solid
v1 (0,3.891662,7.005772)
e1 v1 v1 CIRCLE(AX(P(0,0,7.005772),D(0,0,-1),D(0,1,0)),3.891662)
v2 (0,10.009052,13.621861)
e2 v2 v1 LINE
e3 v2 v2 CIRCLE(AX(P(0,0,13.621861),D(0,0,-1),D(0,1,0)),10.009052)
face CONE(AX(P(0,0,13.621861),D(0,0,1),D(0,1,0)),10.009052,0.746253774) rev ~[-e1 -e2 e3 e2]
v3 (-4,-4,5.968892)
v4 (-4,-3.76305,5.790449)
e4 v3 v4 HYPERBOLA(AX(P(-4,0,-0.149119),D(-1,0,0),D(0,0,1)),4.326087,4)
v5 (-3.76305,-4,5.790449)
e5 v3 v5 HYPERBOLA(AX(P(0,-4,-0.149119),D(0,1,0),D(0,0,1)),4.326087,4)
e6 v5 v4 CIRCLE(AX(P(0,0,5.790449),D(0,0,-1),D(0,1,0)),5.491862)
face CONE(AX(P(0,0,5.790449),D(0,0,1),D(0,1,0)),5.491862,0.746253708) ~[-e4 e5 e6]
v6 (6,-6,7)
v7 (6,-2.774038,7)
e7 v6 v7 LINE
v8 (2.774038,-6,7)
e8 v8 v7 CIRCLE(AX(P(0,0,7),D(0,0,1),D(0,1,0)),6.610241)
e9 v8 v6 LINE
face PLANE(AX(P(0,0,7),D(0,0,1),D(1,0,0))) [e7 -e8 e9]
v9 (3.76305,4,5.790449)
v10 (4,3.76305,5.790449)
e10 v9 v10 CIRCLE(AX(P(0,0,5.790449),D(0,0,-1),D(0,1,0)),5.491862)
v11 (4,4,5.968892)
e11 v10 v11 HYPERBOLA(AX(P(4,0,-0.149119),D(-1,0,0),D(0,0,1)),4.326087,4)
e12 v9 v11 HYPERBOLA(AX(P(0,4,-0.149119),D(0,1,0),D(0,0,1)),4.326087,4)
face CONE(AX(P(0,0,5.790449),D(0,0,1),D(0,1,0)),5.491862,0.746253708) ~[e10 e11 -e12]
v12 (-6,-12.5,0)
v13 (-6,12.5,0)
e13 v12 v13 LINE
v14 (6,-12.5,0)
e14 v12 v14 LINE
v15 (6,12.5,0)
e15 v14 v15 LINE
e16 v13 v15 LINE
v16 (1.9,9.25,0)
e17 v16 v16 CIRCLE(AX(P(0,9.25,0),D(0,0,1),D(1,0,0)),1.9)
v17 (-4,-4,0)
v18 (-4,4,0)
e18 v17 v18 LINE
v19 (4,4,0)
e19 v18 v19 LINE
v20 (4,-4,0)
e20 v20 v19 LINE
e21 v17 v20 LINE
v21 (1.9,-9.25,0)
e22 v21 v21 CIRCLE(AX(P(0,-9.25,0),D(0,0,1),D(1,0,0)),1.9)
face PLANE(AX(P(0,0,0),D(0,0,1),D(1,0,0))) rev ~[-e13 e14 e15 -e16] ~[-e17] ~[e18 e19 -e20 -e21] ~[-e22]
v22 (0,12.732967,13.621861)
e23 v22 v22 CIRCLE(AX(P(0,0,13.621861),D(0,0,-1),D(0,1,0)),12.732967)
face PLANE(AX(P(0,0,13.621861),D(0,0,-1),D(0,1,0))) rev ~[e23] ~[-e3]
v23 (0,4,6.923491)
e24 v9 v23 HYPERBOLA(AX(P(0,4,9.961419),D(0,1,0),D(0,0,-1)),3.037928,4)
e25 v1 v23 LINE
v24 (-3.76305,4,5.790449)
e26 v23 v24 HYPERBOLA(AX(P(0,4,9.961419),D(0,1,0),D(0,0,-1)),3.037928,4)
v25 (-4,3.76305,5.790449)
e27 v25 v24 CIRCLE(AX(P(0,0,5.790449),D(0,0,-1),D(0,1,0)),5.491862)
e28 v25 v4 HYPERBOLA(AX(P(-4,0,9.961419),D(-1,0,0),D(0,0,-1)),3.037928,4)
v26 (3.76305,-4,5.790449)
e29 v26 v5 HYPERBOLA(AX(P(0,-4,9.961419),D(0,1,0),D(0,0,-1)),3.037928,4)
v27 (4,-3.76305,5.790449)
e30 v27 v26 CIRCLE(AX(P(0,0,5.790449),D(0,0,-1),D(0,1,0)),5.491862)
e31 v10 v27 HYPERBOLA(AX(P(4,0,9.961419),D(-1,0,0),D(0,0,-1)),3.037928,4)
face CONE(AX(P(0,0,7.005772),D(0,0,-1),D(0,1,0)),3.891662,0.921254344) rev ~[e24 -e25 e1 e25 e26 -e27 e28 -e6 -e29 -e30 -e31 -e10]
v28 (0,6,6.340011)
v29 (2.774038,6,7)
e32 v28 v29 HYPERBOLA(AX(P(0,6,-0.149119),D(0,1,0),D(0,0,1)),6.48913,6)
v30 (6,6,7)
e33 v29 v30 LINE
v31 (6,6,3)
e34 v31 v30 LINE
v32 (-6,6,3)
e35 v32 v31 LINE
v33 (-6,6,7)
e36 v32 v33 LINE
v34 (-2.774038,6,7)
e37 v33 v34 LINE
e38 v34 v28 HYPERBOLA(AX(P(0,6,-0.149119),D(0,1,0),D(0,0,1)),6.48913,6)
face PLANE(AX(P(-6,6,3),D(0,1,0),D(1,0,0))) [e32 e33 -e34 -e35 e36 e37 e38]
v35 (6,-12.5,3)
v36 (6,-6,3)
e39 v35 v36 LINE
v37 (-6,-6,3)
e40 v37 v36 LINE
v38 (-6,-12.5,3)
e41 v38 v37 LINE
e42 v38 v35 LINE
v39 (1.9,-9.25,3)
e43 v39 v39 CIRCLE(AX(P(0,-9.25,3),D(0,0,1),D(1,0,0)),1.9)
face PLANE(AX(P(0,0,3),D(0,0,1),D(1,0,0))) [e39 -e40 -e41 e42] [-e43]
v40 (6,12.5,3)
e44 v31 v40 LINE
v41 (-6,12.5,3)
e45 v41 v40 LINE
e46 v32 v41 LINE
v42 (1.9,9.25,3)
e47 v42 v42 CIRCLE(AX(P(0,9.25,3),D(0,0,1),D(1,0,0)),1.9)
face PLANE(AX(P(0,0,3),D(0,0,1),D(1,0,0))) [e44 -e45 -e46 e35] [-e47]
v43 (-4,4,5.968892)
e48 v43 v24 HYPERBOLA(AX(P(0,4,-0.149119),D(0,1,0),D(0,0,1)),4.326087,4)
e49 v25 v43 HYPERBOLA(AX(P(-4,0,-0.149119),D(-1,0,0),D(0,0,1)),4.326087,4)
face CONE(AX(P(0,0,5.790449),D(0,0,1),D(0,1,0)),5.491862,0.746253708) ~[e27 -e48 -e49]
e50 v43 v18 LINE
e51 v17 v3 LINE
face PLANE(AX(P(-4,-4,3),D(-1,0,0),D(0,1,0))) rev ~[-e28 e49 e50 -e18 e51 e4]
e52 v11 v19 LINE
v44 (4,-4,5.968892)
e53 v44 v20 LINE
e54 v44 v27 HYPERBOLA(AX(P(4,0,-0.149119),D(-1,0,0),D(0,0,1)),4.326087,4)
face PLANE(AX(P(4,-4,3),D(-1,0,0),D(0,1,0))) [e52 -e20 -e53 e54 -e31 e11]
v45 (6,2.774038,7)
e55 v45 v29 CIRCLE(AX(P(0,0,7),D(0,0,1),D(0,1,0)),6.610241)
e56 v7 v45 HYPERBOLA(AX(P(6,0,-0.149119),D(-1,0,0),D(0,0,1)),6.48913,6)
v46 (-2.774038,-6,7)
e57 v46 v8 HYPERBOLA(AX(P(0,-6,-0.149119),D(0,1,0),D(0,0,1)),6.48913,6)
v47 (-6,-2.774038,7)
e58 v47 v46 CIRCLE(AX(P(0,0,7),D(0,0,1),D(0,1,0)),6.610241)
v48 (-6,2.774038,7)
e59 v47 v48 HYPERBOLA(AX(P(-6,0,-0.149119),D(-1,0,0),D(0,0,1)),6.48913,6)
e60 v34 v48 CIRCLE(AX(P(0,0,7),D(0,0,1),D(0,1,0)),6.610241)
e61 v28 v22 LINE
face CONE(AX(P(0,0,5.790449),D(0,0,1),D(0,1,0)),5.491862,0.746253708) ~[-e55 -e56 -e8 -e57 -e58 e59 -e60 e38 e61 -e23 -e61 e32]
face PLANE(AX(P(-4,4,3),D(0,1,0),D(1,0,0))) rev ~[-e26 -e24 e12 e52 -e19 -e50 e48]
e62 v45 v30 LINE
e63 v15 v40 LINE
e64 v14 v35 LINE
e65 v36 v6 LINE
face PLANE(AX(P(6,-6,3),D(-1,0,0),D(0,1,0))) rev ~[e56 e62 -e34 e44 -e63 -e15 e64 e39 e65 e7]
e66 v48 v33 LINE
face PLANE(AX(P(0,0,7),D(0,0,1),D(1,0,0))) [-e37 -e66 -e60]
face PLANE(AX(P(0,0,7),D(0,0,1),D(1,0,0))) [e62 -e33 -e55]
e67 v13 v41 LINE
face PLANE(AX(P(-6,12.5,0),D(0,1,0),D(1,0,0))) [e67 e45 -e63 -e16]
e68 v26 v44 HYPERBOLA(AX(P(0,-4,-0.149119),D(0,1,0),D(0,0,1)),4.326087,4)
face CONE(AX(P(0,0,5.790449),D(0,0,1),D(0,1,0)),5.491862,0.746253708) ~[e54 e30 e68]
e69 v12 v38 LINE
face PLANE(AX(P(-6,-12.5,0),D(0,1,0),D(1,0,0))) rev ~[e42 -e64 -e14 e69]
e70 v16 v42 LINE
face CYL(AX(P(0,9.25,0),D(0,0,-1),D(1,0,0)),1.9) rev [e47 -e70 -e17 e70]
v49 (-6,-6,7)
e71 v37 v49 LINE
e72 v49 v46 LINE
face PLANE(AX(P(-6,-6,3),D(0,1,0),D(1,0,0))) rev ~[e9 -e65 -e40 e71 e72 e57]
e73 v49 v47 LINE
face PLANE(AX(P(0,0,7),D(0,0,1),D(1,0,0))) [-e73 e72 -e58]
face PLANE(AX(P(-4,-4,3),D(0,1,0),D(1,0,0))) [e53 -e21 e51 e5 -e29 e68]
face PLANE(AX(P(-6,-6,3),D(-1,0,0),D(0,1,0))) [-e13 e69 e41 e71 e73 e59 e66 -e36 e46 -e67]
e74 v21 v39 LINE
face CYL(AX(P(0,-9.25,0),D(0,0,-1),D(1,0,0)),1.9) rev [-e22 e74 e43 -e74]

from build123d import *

# Parameters (mm, degrees)
F0_W     = 12
F0_H     = 25
F0_R     = 1.9
F0_W_2   = 8
F0_H_2   = 8
F1_DEPTH = 3
F2_W     = 12
F2_H     = 12
F2_W_2   = 8
F2_H_2   = 8
F3_DEPTH = 4


with BuildPart() as f1:
    # F0 (on Top) → F1 (new body)
    with BuildSketch(Plane.XY):
        Rectangle(F0_W, F0_H)
        with Locations((0, -9.25)):
            Circle(F0_R, mode=Mode.SUBTRACT)
        Rectangle(F0_W_2, F0_H_2, mode=Mode.SUBTRACT)
        with Locations((0, 9.25)):
            Circle(F0_R, mode=Mode.SUBTRACT)
    extrude(amount=F1_DEPTH)

    # F2 (on face) → F3 (join)
    with BuildSketch(Plane.XY.offset(3)):
        Rectangle(F2_W, F2_H)
        Rectangle(F2_W_2, F2_H_2, mode=Mode.SUBTRACT)
    extrude(amount=F3_DEPTH)

    # F5 (on Right) → F6 (revolve)
    with BuildSketch(Plane.YZ):
        Polygon((3.891662, 7.005772), (5.491862, 5.790449), (12.732967, 13.621861), (10.009052, 13.621861), align=None)
    revolve(axis=Axis((0, 0, 7.370598), (0, 0, -1)))


solid = f1.part
